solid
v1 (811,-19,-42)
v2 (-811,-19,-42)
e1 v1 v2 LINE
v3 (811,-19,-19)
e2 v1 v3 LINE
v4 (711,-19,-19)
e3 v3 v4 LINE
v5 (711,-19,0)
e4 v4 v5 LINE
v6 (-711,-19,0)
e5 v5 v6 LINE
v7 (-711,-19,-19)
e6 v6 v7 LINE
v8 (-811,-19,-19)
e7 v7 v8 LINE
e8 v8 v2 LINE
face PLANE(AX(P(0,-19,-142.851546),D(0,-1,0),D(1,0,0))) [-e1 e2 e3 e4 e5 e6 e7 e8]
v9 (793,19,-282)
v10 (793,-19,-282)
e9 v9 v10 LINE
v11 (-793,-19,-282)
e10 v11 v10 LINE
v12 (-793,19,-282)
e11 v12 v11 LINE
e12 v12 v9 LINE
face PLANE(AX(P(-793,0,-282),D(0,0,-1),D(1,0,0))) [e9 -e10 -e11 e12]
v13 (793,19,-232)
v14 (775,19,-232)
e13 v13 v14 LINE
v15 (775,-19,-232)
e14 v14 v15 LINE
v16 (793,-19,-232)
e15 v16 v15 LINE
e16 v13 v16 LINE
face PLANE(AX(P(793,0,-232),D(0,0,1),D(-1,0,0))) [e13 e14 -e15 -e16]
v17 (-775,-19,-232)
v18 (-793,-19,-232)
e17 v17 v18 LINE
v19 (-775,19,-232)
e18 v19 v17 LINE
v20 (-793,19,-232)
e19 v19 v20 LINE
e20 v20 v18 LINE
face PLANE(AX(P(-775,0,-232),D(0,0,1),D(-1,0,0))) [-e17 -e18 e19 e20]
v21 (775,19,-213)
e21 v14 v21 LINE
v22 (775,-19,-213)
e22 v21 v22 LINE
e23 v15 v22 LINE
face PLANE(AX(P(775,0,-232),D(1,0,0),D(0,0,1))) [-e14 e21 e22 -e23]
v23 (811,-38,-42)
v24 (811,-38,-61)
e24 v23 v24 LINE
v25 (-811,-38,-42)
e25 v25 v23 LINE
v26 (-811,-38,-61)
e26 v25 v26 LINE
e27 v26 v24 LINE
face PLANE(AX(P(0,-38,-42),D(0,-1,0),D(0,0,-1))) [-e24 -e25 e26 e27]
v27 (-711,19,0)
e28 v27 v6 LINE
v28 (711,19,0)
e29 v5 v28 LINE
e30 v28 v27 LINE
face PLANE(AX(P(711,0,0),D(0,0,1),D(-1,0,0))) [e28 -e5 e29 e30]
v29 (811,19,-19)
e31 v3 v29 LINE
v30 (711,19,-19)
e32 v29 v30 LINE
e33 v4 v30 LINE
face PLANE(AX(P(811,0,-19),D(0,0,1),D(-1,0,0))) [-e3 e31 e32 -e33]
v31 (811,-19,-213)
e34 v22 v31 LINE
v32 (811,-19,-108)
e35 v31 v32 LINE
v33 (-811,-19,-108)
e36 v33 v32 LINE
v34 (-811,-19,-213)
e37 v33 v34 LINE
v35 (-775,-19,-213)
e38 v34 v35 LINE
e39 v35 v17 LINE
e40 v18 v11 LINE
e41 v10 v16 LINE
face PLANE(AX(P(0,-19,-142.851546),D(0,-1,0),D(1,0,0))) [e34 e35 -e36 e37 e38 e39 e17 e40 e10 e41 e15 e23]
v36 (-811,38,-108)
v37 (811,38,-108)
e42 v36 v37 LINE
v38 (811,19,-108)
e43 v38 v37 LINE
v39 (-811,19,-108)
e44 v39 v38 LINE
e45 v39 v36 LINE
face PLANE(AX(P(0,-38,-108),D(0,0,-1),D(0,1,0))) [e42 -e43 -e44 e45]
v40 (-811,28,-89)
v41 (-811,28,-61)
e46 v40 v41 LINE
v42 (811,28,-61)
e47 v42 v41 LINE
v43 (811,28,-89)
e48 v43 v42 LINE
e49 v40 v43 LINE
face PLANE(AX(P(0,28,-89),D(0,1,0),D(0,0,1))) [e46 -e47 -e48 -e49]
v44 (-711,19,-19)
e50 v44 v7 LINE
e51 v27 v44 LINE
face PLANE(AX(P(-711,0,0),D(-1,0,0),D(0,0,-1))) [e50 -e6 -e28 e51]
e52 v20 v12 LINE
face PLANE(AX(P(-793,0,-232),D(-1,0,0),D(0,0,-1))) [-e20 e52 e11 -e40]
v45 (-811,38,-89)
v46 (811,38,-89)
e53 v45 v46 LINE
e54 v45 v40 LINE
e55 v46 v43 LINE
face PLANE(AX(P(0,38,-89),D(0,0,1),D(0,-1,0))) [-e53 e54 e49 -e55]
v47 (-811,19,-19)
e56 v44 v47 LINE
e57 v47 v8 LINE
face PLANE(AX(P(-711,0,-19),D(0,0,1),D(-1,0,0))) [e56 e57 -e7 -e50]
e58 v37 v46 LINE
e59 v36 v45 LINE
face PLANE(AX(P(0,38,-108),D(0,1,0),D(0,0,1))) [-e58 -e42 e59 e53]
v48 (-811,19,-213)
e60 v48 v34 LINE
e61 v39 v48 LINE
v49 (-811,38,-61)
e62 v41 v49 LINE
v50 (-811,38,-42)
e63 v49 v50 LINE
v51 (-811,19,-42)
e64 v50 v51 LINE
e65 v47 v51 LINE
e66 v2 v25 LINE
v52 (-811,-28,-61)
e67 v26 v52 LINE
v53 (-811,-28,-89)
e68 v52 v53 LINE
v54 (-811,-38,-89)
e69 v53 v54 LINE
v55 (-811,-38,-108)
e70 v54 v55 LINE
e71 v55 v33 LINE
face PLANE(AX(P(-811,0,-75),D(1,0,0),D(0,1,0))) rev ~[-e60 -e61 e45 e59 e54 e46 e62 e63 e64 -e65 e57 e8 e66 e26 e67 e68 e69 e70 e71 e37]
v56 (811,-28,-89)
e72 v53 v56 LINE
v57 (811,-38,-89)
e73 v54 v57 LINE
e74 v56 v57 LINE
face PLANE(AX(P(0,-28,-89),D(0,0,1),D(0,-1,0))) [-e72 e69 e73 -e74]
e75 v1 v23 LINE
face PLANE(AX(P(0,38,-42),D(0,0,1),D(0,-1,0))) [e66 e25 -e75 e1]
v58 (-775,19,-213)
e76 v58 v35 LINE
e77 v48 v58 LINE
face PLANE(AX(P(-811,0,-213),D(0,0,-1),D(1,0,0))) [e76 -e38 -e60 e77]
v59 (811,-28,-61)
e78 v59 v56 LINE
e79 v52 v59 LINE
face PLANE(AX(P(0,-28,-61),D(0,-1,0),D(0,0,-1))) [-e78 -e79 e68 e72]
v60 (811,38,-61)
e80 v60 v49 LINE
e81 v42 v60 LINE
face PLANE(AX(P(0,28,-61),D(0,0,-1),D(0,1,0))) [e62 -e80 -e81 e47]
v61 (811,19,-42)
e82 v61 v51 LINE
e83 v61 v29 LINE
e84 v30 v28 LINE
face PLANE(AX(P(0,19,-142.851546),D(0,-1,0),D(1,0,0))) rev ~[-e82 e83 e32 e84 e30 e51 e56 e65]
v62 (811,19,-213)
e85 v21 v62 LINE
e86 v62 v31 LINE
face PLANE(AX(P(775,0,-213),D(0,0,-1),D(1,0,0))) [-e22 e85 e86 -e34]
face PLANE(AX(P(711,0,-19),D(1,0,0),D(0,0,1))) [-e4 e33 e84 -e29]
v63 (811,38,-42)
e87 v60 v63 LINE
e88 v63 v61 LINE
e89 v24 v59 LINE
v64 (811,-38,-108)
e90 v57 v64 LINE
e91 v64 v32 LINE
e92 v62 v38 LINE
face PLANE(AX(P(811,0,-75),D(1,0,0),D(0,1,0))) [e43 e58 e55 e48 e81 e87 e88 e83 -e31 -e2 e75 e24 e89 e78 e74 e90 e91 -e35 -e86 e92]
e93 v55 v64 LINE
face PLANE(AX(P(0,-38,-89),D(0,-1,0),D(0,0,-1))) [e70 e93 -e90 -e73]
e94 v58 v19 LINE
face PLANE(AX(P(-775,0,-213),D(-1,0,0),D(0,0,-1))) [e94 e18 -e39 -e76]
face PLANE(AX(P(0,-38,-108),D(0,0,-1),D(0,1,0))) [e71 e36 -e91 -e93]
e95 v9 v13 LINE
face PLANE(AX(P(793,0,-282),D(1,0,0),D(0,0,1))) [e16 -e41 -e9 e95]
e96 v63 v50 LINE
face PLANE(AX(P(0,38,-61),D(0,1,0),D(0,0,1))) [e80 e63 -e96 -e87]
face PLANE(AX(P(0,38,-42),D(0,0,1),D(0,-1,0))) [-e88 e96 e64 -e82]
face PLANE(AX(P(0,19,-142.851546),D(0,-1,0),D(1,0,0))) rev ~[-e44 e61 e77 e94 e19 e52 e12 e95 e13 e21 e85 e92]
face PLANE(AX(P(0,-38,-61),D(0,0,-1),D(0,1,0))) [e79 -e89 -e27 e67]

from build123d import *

# Parameters (mm, degrees)
F1_DEPTH = 19
F3_DEPTH = 811


with BuildPart() as f1:
    # F0 (on Front) → F1 (new body, symmetric)
    with BuildSketch(Plane.XZ):
        Polygon((711, 0), (0, 0), (-711, 0), (-711, -19), (-811, -19), (-811, -213), (-775, -213), (-775, -232), (-793, -232), (-793, -282), (0, -282), (793, -282), (793, -232), (775, -232), (775, -213), (811, -213), (811, -19), (711, -19), align=None)
    extrude(amount=F1_DEPTH, both=True)

    # F2 (on Right) → F3 (join, symmetric)
    with BuildSketch(Plane.YZ):
        Polygon((38, -42), (-38, -42), (-38, -61), (-28, -61), (-28, -89), (-38, -89), (-38, -108), (38, -108), (38, -89), (28, -89), (28, -61), (38, -61), align=None)
    extrude(amount=F3_DEPTH, both=True)


solid = f1.part
